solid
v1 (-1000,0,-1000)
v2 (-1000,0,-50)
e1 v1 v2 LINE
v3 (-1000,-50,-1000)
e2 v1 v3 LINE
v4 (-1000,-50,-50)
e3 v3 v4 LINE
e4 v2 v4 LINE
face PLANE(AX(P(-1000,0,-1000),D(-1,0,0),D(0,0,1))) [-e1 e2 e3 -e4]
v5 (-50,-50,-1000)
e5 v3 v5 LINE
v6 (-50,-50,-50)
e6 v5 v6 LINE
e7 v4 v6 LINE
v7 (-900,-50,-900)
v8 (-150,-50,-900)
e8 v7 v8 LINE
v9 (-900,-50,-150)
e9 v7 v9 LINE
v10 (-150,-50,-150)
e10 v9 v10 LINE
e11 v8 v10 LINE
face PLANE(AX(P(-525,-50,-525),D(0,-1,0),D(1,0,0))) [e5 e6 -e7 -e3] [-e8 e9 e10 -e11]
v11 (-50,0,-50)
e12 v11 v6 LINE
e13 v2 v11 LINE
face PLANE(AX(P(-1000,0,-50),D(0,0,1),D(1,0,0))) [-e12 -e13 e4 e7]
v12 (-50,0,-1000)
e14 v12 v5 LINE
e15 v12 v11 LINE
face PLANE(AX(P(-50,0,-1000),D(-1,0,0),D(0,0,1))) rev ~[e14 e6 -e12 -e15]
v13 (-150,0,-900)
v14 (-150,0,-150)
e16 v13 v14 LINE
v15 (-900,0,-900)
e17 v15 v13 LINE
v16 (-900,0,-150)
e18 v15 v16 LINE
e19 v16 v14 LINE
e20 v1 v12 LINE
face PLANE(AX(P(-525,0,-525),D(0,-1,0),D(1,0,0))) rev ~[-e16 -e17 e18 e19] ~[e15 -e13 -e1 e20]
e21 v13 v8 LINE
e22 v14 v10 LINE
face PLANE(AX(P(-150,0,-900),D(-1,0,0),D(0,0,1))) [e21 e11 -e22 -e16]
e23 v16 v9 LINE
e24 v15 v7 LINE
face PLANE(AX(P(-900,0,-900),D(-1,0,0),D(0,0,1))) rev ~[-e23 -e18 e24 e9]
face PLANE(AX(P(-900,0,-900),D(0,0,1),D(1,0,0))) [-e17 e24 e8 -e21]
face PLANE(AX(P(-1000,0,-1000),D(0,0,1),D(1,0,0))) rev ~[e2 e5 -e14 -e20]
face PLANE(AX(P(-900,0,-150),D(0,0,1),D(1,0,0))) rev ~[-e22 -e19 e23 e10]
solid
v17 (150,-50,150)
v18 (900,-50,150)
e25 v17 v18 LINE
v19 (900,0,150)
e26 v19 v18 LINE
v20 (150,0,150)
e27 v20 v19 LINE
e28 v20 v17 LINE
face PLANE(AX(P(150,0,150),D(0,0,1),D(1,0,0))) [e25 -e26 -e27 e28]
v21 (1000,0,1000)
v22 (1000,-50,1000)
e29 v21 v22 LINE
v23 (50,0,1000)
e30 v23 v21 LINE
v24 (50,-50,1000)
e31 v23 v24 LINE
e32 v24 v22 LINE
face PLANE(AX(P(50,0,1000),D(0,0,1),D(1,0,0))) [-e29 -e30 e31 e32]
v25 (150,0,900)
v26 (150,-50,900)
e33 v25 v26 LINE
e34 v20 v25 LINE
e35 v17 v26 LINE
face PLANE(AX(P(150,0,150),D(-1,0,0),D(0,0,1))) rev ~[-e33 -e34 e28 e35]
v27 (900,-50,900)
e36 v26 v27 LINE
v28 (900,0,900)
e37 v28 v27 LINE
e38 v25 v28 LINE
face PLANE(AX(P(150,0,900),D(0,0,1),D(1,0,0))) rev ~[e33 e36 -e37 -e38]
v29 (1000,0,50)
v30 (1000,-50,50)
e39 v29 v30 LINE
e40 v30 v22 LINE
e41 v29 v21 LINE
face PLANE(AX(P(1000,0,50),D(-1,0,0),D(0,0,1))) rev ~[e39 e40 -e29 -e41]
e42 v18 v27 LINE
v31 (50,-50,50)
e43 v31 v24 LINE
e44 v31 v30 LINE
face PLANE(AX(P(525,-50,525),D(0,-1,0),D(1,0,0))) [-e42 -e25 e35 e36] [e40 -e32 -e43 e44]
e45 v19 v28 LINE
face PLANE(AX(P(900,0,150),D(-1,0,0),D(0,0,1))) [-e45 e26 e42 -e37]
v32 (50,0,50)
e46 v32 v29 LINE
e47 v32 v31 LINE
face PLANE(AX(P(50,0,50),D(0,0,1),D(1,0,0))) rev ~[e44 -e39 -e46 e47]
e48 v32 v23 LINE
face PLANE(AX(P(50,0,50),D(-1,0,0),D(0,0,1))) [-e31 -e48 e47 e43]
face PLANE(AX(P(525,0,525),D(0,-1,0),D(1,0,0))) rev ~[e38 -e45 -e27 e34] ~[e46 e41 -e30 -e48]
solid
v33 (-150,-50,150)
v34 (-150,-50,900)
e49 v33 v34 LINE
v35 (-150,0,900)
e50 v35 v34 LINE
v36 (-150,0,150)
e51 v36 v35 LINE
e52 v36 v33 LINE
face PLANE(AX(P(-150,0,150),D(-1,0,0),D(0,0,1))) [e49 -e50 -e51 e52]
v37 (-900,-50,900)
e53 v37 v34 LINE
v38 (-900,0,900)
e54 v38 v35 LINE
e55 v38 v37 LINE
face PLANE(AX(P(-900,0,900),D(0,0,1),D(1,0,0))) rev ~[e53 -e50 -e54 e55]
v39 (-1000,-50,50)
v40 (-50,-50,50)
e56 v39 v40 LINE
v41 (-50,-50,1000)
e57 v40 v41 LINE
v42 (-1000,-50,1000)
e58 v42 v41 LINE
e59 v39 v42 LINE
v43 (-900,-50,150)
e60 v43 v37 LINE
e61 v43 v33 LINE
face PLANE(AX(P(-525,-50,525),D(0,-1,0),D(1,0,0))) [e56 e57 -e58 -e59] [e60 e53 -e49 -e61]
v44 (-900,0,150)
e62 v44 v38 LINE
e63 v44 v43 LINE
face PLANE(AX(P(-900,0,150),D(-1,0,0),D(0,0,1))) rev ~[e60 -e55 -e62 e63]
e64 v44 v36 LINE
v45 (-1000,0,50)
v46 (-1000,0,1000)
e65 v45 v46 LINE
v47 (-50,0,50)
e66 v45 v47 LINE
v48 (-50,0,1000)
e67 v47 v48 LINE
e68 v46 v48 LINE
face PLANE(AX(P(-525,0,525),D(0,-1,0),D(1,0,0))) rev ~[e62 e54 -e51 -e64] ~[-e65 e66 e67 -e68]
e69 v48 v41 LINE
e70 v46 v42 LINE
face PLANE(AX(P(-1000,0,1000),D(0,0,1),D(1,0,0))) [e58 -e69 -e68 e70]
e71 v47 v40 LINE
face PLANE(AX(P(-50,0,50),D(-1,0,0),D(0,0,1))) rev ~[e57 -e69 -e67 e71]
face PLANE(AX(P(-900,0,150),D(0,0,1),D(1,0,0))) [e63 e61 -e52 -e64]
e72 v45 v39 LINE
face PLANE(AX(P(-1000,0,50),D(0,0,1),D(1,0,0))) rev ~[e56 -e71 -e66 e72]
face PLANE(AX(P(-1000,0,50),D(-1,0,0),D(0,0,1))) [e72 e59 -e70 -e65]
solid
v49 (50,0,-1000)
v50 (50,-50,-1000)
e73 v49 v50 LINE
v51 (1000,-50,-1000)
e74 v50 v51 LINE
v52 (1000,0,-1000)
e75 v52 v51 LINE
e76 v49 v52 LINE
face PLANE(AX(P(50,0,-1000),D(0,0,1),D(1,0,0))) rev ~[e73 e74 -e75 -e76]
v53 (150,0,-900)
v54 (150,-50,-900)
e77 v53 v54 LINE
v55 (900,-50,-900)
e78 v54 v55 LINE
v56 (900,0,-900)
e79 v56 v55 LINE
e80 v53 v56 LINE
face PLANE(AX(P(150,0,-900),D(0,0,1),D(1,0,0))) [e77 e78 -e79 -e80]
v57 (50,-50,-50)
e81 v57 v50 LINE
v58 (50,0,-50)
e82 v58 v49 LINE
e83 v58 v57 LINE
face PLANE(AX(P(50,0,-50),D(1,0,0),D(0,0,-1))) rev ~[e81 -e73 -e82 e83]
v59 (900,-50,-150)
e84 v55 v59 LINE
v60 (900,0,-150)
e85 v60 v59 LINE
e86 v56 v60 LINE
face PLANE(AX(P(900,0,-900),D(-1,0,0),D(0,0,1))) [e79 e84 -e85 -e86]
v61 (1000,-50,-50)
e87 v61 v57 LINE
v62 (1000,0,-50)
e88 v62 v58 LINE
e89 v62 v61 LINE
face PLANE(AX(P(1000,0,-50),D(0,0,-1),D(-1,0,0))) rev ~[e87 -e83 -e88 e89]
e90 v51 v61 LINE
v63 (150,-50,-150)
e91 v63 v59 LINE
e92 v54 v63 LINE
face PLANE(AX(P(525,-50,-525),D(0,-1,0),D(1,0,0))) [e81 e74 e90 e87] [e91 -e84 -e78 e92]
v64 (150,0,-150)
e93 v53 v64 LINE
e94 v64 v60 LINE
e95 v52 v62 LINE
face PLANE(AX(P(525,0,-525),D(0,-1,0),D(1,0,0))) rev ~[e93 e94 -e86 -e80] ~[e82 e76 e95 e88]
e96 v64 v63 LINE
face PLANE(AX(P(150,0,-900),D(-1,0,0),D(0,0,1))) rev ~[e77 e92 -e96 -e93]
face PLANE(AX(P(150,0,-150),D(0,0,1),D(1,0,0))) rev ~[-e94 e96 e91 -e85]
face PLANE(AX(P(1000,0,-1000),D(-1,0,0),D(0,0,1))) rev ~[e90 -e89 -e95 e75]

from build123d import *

# Parameters (mm, degrees)
F0_W     = 950
F0_H     = 950
F0_W_2   = 750
F0_H_2   = 750
F1_DEPTH = 50


with BuildPart() as f1:
    # F0 (on Front) → F1 (new body)
    with BuildSketch(Plane.XZ):
        with Locations((-525, 525)):
            Rectangle(F0_W, F0_H)
        with Locations((-525, 525)):
            Rectangle(F0_W_2, F0_H_2, mode=Mode.SUBTRACT)
        with Locations((-525, -525)):
            Rectangle(F0_W, F0_H)
        with Locations((-525, -525)):
            Rectangle(F0_W_2, F0_H_2, mode=Mode.SUBTRACT)
        with Locations((525, 525)):
            Rectangle(F0_W, F0_H)
        with Locations((525, 525)):
            Rectangle(F0_W_2, F0_H_2, mode=Mode.SUBTRACT)
        Polygon((1000, -50), (50, -50), (50, -900), (50, -1000), (150, -1000), (1000, -1000), align=None)
        with Locations((525, -525)):
            Rectangle(F0_W_2, F0_H_2, mode=Mode.SUBTRACT)
    extrude(amount=F1_DEPTH)


solid = f1.part
